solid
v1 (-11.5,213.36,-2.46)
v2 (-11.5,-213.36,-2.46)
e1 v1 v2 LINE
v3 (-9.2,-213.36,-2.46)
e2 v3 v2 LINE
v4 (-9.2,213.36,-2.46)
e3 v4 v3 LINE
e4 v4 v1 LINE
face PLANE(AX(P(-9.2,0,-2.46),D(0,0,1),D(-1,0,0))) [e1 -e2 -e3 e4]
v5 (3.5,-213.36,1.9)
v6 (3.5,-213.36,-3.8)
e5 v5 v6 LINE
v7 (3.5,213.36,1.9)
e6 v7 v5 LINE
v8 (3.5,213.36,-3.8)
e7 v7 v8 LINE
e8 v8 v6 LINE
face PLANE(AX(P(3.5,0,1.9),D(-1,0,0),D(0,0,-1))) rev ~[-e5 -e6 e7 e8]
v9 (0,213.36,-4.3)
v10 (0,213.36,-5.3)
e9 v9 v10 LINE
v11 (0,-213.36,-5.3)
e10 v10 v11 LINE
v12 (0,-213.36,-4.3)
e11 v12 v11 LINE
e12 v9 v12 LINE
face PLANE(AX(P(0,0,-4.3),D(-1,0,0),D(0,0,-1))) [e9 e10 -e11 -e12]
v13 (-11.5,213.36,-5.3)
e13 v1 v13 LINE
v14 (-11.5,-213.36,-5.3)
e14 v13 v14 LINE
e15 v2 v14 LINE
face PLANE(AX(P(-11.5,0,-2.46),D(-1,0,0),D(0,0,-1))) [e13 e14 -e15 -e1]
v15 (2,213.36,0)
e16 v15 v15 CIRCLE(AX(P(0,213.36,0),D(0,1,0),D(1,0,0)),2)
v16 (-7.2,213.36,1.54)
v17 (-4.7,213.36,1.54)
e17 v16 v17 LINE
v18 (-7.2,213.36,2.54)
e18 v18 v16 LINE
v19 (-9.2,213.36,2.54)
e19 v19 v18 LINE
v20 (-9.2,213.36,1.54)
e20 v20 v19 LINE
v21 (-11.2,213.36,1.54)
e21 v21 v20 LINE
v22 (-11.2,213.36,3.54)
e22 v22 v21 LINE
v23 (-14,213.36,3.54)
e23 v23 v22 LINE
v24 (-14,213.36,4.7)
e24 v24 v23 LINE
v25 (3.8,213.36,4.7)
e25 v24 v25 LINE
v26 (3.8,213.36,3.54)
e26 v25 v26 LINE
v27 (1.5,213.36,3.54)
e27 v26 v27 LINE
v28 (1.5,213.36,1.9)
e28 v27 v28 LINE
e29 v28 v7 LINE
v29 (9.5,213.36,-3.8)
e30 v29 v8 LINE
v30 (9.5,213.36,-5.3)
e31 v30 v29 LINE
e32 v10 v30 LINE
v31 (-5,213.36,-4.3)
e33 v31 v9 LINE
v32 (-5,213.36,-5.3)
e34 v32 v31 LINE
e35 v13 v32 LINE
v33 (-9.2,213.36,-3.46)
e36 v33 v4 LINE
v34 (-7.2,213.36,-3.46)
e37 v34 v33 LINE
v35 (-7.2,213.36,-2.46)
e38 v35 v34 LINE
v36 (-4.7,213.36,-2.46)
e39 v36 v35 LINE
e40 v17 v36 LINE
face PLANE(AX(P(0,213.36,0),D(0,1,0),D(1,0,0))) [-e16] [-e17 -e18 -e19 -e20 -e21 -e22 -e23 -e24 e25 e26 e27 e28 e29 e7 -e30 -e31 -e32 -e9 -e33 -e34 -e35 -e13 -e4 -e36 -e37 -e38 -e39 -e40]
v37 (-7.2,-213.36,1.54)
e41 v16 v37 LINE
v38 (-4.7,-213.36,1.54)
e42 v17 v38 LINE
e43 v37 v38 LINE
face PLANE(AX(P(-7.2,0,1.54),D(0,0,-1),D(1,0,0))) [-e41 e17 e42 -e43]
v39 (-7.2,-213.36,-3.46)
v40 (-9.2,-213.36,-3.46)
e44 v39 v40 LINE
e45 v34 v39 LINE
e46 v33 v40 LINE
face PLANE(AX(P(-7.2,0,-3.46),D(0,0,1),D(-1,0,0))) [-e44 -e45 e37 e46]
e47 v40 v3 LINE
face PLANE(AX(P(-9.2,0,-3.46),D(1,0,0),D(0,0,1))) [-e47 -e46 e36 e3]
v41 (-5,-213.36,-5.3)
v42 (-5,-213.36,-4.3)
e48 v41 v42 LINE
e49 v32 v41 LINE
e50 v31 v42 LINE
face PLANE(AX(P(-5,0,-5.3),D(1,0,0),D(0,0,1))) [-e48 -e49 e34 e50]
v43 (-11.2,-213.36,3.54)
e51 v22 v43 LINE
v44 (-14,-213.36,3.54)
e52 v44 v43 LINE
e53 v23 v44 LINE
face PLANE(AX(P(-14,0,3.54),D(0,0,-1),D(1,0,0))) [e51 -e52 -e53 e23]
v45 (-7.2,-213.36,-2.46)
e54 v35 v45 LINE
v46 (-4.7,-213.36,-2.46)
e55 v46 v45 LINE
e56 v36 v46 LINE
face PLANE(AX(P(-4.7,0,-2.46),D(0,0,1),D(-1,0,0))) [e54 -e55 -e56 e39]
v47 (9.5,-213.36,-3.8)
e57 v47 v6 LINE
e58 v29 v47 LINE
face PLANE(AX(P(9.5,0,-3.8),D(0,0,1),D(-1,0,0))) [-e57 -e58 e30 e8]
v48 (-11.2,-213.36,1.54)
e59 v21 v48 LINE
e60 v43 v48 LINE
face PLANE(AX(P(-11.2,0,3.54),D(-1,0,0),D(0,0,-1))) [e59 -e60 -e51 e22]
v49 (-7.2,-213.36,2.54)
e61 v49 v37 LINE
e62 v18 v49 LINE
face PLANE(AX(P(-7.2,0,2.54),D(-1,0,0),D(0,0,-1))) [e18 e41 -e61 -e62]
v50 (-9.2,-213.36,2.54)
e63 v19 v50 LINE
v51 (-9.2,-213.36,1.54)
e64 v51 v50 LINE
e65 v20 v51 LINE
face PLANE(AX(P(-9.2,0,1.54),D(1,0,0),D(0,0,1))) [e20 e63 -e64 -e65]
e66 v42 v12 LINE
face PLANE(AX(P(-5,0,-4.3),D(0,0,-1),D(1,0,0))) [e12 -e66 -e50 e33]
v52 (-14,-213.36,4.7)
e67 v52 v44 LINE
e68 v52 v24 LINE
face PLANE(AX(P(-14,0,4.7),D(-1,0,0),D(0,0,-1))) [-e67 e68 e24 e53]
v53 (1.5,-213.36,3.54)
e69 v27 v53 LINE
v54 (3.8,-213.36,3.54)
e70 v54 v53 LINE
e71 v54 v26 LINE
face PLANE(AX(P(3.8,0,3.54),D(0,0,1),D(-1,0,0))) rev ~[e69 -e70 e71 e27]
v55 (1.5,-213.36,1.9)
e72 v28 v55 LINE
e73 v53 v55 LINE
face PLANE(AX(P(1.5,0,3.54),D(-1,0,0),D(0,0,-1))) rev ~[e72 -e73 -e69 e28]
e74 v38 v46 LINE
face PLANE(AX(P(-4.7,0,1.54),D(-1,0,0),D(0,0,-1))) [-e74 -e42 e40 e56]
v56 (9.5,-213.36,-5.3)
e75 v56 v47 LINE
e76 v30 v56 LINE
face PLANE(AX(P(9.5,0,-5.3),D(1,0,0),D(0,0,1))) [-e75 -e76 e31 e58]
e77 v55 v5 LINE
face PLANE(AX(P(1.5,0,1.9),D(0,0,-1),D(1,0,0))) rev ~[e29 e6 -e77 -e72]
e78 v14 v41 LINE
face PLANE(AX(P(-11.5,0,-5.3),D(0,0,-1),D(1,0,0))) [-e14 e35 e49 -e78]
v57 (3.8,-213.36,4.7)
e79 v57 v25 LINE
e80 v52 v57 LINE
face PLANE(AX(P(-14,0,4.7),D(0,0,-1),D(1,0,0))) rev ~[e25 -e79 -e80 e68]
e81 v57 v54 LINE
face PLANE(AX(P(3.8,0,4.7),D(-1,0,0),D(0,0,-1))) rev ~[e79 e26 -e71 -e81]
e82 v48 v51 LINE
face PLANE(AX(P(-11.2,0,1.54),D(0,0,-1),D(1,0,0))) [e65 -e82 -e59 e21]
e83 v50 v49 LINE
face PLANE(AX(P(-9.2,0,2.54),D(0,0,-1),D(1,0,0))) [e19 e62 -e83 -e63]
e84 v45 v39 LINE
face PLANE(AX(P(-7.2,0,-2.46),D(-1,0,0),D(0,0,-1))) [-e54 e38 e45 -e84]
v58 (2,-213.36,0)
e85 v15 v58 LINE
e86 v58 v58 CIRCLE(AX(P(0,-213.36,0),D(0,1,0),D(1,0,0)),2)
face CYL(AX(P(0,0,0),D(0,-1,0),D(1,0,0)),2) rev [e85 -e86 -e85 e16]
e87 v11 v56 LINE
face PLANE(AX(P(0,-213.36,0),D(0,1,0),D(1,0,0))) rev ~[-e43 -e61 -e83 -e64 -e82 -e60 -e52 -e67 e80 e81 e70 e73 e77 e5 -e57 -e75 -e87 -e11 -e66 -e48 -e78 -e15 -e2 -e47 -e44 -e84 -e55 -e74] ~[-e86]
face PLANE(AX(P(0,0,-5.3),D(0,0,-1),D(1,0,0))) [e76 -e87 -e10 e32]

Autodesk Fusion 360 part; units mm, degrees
sketch "Sketch1" plane through (0, 0, 0) normal (0, 1, 0) x (1, 0, 0)
  circle A0 centre (0, 0) radius 2
  line L0 (-14, -4.7) -> (3.8, -4.7)
  line L1 (-14, -4.7) -> (-14, -3.54)
  line L2 (-14, -3.54) -> (-11.2, -3.54)
  line L3 (-11.2, -3.54) -> (-11.2, -1.54)
  line L4 (-11.2, -1.54) -> (-9.2, -1.54)
  line L5 (-9.2, -1.54) -> (-9.2, -2.54)
  line L6 (-9.2, -2.54) -> (-7.2, -2.54)
  line L7 (-7.2, -2.54) -> (-7.2, -1.54)
  line L8 (-7.2, -1.54) -> (-4.7, -1.54)
  line L9 (-4.7, -1.54) -> (-4.7, 2.46)
  line L10 (-4.7, 2.46) -> (-7.2, 2.46)
  line L11 (-7.2, 2.46) -> (-7.2, 3.46)
  line L12 (-7.2, 3.46) -> (-9.2, 3.46)
  line L13 (-9.2, 3.46) -> (-9.2, 2.46)
  line L14 (-9.2, 2.46) -> (-11.5, 2.46)
  line L15 (-11.5, 2.46) -> (-11.5, 5.3)
  line L16 (-11.5, 5.3) -> (-5, 5.3)
  line L17 (-5, 5.3) -> (-5, 4.3)
  line L18 (-5, 4.3) -> (0, 4.3)
  line L19 (0, 4.3) -> (0, 5.3)
  line L20 (0, 5.3) -> (9.5, 5.3)
  line L21 (9.5, 5.3) -> (9.5, 3.8)
  line L22 (9.5, 3.8) -> (3.5, 3.8)
  line L23 (3.8, -4.7) -> (3.8, -3.54)
  line L24 (3.8, -3.54) -> (1.5, -3.54)
  line L25 (1.5, -3.54) -> (1.5, -1.9)
  line L26 (1.5, -1.9) -> (3.5, -1.9)
  line L27 (3.5, -1.9) -> (3.5, 3.8)
  dimension "d1" = 4
  dimension "d2" = 17.8
  dimension "d3" = 2.8
  dimension "d4" = 5
  dimension "d5" = 1.16
  dimension "d6" = 2
  dimension "d7" = 2
  dimension "d8" = 2
  dimension "d9" = 1
  dimension "d10" = 4
  dimension "d11" = 2.5
  dimension "d12" = 1
  dimension "d13" = 1
  dimension "d15" = 2.5
  dimension "d17" = 6.5
  dimension "d18" = 1.16
  dimension "d21" = 1.5
  dimension "d22" = 9.5
  dimension "d23" = 3.8
  dimension "d25" = 6
  dimension "d26" = 10
  dimension "d27" = 1
  dimension "d28" = 2
  dimension "d29" = 1.64
  dimension "d30" = 3.5
extrude "Extrude1" add sketch "Sketch1" along normal mid plane 426.72
equation "HP84 = 426.72 mm"
equation "d32 = HP84"
